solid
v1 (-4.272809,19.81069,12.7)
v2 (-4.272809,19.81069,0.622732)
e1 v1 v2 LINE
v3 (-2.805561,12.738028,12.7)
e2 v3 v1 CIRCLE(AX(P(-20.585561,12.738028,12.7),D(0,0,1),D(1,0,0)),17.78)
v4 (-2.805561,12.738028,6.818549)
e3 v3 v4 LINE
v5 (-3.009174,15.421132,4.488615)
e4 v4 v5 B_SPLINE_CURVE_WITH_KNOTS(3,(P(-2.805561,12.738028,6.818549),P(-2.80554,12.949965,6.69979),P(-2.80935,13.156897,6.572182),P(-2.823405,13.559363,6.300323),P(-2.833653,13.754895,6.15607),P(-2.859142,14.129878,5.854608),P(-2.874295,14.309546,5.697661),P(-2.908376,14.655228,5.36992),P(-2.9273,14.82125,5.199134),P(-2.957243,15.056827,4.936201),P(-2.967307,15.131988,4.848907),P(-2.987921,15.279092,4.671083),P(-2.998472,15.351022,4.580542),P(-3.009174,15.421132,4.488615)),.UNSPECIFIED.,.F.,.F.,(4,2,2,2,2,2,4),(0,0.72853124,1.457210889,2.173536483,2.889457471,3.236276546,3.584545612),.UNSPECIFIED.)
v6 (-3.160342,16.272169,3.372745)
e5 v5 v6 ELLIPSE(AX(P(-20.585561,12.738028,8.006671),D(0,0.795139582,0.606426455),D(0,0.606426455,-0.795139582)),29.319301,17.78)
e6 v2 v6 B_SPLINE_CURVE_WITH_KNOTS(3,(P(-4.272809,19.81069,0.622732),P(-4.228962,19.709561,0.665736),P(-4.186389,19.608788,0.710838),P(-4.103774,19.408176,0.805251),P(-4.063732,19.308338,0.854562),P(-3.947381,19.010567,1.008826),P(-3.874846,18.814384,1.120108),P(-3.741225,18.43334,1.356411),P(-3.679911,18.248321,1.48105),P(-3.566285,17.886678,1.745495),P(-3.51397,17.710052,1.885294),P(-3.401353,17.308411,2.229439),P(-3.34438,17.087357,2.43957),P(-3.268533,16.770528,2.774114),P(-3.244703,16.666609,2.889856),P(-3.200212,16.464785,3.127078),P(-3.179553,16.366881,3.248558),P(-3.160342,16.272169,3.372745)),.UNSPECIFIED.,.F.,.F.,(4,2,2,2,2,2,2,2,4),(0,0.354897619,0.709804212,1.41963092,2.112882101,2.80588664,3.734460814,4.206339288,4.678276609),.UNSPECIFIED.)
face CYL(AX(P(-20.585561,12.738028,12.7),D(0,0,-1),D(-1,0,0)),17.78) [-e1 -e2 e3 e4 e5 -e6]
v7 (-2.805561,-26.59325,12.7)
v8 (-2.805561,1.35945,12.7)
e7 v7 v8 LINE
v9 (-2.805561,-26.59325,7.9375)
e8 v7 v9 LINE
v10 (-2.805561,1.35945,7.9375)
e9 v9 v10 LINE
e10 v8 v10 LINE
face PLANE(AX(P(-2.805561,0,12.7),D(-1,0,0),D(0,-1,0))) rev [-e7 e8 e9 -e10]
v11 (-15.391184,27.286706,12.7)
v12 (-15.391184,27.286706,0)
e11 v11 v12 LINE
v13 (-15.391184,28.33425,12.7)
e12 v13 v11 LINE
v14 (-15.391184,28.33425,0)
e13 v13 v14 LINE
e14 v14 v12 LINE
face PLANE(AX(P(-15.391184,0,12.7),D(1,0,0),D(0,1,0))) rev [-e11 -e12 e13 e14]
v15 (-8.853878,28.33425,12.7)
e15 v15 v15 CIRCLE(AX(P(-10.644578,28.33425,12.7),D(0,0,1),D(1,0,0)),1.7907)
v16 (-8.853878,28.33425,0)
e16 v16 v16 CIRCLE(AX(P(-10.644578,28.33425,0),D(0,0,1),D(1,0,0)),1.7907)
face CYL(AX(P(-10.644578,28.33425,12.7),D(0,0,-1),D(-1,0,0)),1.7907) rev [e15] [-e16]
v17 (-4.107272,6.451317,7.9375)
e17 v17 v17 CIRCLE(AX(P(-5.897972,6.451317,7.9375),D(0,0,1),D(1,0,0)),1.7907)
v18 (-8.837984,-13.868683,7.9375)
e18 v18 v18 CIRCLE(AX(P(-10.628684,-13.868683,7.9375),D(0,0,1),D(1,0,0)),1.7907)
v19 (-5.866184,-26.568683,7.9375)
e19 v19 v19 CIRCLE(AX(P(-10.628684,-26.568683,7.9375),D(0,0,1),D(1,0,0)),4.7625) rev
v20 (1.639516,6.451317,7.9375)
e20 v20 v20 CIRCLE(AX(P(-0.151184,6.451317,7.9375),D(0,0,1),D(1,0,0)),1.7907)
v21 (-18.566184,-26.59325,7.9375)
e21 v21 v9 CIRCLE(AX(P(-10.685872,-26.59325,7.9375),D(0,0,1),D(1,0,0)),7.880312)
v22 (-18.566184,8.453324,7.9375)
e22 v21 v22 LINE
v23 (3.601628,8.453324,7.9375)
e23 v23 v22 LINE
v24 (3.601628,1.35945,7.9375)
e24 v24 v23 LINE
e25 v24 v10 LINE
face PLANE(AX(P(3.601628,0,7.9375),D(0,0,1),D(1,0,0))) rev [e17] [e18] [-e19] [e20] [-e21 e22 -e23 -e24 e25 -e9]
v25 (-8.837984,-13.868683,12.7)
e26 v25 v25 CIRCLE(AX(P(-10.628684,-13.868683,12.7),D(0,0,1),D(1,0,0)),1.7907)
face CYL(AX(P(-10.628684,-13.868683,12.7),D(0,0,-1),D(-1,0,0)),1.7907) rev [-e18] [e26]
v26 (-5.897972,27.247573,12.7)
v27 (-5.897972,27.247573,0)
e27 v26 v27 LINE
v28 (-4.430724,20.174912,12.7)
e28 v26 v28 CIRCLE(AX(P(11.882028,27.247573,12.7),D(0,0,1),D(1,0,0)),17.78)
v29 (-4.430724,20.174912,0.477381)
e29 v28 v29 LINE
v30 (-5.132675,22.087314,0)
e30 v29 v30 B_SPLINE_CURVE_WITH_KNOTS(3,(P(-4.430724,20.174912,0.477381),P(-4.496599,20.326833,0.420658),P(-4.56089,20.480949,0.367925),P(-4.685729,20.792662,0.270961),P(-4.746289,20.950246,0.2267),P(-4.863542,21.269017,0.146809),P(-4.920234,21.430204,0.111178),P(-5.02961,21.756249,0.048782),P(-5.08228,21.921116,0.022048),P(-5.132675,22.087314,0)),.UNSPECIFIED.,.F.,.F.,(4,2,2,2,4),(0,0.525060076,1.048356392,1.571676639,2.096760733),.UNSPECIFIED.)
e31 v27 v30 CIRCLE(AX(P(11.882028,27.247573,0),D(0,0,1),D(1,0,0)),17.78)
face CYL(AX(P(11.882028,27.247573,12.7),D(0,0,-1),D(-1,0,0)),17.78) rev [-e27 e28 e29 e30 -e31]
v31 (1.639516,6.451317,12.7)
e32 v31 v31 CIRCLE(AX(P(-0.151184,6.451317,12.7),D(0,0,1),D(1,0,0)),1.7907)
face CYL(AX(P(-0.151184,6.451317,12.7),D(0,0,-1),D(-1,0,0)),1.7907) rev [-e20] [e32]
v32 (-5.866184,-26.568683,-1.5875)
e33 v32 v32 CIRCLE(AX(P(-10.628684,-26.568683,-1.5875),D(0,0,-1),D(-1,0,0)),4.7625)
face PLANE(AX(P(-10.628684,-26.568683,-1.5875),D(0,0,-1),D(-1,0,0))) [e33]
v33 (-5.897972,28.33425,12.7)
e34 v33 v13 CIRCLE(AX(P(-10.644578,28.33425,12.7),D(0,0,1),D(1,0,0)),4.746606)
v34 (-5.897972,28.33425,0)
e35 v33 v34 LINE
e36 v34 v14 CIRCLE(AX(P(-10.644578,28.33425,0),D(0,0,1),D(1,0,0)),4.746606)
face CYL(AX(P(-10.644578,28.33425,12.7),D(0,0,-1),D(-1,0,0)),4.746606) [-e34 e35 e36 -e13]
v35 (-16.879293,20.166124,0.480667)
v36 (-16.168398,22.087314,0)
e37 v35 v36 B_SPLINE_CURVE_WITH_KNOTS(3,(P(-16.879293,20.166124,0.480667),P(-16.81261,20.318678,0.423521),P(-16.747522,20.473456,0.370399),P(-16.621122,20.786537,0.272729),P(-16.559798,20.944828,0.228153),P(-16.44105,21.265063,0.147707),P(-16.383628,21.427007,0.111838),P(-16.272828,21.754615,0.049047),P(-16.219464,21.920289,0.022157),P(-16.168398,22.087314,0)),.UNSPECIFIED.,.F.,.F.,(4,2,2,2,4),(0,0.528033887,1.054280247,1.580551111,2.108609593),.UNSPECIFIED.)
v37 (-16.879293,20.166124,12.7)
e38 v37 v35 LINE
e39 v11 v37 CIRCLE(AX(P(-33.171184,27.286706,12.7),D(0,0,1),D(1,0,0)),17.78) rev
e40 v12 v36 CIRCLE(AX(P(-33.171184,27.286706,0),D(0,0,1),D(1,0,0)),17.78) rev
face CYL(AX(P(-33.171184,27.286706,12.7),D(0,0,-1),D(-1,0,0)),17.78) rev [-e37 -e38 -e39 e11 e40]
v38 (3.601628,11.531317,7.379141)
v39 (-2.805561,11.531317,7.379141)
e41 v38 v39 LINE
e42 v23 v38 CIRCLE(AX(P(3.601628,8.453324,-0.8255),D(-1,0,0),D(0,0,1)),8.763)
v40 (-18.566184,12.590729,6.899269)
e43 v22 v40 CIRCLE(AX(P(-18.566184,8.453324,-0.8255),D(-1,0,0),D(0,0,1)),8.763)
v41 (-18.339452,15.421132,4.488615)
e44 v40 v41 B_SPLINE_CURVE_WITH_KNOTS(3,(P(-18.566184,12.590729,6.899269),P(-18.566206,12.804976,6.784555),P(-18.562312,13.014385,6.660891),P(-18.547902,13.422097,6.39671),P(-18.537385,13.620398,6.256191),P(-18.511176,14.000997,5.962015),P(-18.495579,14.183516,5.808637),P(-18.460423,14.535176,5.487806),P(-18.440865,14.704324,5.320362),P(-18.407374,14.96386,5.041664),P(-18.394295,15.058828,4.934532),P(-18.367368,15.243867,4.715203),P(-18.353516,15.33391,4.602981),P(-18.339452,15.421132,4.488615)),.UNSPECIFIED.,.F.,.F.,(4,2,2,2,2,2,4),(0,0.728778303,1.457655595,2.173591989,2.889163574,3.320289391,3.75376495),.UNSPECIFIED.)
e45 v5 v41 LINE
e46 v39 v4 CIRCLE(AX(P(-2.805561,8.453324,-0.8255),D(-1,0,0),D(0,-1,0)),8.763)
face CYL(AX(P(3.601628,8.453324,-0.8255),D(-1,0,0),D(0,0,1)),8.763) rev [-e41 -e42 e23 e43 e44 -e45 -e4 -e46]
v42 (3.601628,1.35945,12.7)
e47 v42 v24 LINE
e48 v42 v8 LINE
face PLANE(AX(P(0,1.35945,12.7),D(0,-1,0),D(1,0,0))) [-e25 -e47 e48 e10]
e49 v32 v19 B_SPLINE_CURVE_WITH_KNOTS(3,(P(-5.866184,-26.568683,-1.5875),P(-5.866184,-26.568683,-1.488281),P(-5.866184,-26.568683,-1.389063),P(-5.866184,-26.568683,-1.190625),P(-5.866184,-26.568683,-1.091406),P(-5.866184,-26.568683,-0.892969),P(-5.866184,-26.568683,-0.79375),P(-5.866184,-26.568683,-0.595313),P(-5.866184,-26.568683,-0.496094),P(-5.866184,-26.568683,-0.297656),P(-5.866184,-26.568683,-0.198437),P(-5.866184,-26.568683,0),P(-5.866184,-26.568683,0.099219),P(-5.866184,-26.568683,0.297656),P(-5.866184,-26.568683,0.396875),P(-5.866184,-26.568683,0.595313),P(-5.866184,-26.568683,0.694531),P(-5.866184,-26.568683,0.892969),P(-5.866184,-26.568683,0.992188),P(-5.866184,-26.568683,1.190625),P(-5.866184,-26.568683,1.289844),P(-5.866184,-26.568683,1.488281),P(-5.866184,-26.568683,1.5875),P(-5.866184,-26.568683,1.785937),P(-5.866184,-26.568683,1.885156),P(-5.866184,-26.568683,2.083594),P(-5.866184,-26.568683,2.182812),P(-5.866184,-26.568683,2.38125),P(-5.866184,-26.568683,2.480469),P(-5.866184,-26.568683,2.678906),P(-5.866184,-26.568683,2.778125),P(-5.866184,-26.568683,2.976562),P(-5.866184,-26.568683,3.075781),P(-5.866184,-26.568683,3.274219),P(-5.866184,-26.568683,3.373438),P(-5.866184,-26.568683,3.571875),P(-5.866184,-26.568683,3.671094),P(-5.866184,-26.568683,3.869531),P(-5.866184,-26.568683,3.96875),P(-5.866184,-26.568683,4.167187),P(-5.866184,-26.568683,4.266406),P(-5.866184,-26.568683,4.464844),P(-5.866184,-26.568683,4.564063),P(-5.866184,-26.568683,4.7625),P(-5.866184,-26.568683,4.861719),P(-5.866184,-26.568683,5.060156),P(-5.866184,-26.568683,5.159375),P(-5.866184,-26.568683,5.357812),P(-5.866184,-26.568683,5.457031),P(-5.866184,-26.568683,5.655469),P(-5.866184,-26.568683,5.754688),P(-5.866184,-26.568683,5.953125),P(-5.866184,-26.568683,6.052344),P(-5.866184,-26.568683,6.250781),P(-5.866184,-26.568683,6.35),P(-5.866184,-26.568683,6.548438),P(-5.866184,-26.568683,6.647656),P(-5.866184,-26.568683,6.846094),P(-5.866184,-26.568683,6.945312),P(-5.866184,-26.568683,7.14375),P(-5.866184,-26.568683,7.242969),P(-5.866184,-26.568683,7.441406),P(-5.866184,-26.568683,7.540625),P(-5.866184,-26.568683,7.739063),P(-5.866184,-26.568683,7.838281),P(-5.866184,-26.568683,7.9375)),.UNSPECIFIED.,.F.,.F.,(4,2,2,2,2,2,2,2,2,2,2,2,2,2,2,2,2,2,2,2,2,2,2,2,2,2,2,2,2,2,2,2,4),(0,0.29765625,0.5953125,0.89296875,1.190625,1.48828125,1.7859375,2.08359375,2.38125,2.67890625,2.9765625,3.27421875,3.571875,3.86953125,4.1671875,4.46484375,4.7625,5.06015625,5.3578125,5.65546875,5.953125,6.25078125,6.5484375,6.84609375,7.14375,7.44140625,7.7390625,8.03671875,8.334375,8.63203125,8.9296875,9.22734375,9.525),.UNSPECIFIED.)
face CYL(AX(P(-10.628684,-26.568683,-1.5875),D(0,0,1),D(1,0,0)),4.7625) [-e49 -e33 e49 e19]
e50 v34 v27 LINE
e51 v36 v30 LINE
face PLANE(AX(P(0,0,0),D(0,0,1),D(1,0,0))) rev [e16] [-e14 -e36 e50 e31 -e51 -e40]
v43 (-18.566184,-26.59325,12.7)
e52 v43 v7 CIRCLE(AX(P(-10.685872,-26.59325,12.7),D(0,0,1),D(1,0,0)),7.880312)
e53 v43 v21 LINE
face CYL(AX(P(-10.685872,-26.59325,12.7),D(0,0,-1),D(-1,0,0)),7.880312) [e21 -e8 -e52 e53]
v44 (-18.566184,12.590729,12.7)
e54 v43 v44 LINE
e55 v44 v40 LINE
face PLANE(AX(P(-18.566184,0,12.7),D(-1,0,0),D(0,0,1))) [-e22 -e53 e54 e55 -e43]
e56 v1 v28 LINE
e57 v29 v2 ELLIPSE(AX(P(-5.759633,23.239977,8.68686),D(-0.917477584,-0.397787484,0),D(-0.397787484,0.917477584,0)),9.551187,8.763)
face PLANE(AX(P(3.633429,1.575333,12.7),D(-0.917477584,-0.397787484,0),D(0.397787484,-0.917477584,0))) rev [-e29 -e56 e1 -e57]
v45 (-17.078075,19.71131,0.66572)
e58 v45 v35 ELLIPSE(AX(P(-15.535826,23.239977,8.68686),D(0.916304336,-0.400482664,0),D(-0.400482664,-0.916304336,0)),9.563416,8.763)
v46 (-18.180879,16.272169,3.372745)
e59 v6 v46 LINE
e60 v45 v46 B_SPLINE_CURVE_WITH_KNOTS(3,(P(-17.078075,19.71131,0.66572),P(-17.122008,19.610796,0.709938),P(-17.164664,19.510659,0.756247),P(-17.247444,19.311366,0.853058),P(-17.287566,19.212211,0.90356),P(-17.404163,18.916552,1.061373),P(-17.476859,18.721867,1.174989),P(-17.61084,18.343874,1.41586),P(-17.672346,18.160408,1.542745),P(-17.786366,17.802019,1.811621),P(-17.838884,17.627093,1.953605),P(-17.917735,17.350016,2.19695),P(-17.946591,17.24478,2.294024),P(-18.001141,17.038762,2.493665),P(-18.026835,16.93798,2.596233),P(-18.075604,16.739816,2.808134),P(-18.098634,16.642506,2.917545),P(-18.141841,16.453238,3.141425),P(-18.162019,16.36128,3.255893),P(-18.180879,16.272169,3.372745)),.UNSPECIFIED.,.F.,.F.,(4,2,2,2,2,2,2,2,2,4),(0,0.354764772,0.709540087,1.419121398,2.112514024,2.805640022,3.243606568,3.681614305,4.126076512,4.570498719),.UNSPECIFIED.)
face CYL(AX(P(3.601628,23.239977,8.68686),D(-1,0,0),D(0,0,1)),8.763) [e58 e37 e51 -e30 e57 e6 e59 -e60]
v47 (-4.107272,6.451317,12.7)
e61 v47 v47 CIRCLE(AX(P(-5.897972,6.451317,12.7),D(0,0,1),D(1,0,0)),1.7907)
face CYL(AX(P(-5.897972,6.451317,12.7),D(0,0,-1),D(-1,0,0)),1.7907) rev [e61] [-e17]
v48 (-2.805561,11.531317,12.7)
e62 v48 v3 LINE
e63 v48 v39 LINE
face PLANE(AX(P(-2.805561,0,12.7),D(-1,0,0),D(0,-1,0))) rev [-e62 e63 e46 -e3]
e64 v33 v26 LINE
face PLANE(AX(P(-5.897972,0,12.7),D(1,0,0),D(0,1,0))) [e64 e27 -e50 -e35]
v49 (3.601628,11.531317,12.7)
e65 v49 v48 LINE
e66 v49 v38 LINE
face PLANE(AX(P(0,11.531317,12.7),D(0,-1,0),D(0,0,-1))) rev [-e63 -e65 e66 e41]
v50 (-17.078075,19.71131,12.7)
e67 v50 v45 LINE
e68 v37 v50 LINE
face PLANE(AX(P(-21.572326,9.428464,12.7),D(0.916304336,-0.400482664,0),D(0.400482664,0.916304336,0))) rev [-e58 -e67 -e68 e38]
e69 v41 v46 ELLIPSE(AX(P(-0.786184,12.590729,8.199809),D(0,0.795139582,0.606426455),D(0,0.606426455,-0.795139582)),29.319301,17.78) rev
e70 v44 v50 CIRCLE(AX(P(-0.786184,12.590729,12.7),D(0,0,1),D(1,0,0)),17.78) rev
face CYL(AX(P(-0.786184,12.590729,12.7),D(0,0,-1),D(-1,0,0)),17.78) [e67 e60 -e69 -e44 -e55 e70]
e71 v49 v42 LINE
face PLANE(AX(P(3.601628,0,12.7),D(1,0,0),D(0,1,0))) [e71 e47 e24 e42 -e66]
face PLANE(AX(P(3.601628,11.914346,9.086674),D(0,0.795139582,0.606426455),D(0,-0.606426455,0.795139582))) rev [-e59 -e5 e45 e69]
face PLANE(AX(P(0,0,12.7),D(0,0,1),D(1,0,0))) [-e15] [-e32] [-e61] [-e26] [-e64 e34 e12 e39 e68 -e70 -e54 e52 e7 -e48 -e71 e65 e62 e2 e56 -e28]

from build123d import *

# Parameters (mm, degrees)
SKETCH1_R           = 1.7907
BOSS_EXTRUDE1_DEPTH = 12.7
CUT_EXTRUDE1_DEPTH  = 43.908371508
SKETCH7_R           = 4.7625
BOSS_EXTRUDE3_DEPTH = 9.525


with BuildPart() as part:
    # Sketch1 → Boss-Extrude1 (new body)
    with BuildSketch(Plane.XY):
        with BuildLine():
            ThreePointArc((-5.89797239, 28.334249775), (-10.644578231, 33.080855616), (-15.391184073, 28.334249775))
            Line((-15.391184073, 28.334249775), (-15.391184073, 27.2867057))
            ThreePointArc((-15.391184073, 27.2867057), (-15.767187067, 23.64949685), (-16.879292984, 20.16612393))
            Line((-16.879292984, 20.16612393), (-17.078075162, 19.711310306))
            ThreePointArc((-17.078075162, 19.711310306), (-18.190181079, 16.227937386), (-18.566184073, 12.590728536))
            Line((-18.566184073, 12.590728536), (-18.566184073, -26.593250225))
            ThreePointArc((-18.566184073, -26.593250225), (-10.68587239, -34.473561908), (-2.805560707, -26.593250225))
            Line((-2.805560707, -26.593250225), (-2.805560707, 1.359449775))
            Line((-2.805560707, 1.359449775), (3.60162761, 1.359449775))
            Line((3.60162761, 1.359449775), (3.60162761, 11.531317118))
            Line((3.60162761, 11.531317118), (-2.805560707, 11.531317118))
            Line((-2.805560707, 11.531317118), (-2.805560707, 12.738028185))
            ThreePointArc((-2.805560707, 12.738028185), (-3.176236758, 16.349653807), (-4.272809259, 19.810689652))
            Line((-4.272809259, 19.810689652), (-4.430723837, 20.174911983))
            ThreePointArc((-4.430723837, 20.174911983), (-5.527296339, 23.635947828), (-5.89797239, 27.24757345))
            Line((-5.89797239, 27.24757345), (-5.89797239, 28.334249775))
        make_face()
        with Locations((-10.644578231, 28.334249775)):
            Circle(SKETCH1_R, mode=Mode.SUBTRACT)
        with Locations((-0.151184073, 6.451317118)):
            Circle(SKETCH1_R, mode=Mode.SUBTRACT)
        with Locations((-10.628684073, -13.868682882)):
            Circle(SKETCH1_R, mode=Mode.SUBTRACT)
        with Locations((-5.89797239, 6.451317118)):
            Circle(SKETCH1_R, mode=Mode.SUBTRACT)
    extrude(amount=BOSS_EXTRUDE1_DEPTH)

    # Sketch5 → Cut-Extrude1 (cut, through all)
    with BuildSketch(Plane.ZY.offset(18.566184073)):
        with BuildLine():
            ThreePointArc((7.9375, 8.453324113), (7.028090228, 12.340648325), (4.488615022, 15.421132271))
            Line((4.488615022, 15.421132271), (3.372744888, 16.272169226))
            ThreePointArc((3.372744888, 16.272169226), (1.106569634, 18.843459634), (0, 22.08731356))
            Line((0, 22.08731356), (0, -34.473561908))
            Line((0, -34.473561908), (7.9375, -34.473561908))
            Line((7.9375, -34.473561908), (7.9375, 8.453324113))
        make_face()
    extrude(amount=-CUT_EXTRUDE1_DEPTH, mode=Mode.SUBTRACT)

    # Sketch7 → Boss-Extrude3 (add)
    with BuildSketch(Plane(origin=(0, 0, 7.9375), x_dir=(-1, 0, 0), z_dir=(0, 0, -1))):
        with Locations((10.628684073, -26.568682882)):
            Circle(SKETCH7_R)
    extrude(amount=BOSS_EXTRUDE3_DEPTH)


solid = part.part
